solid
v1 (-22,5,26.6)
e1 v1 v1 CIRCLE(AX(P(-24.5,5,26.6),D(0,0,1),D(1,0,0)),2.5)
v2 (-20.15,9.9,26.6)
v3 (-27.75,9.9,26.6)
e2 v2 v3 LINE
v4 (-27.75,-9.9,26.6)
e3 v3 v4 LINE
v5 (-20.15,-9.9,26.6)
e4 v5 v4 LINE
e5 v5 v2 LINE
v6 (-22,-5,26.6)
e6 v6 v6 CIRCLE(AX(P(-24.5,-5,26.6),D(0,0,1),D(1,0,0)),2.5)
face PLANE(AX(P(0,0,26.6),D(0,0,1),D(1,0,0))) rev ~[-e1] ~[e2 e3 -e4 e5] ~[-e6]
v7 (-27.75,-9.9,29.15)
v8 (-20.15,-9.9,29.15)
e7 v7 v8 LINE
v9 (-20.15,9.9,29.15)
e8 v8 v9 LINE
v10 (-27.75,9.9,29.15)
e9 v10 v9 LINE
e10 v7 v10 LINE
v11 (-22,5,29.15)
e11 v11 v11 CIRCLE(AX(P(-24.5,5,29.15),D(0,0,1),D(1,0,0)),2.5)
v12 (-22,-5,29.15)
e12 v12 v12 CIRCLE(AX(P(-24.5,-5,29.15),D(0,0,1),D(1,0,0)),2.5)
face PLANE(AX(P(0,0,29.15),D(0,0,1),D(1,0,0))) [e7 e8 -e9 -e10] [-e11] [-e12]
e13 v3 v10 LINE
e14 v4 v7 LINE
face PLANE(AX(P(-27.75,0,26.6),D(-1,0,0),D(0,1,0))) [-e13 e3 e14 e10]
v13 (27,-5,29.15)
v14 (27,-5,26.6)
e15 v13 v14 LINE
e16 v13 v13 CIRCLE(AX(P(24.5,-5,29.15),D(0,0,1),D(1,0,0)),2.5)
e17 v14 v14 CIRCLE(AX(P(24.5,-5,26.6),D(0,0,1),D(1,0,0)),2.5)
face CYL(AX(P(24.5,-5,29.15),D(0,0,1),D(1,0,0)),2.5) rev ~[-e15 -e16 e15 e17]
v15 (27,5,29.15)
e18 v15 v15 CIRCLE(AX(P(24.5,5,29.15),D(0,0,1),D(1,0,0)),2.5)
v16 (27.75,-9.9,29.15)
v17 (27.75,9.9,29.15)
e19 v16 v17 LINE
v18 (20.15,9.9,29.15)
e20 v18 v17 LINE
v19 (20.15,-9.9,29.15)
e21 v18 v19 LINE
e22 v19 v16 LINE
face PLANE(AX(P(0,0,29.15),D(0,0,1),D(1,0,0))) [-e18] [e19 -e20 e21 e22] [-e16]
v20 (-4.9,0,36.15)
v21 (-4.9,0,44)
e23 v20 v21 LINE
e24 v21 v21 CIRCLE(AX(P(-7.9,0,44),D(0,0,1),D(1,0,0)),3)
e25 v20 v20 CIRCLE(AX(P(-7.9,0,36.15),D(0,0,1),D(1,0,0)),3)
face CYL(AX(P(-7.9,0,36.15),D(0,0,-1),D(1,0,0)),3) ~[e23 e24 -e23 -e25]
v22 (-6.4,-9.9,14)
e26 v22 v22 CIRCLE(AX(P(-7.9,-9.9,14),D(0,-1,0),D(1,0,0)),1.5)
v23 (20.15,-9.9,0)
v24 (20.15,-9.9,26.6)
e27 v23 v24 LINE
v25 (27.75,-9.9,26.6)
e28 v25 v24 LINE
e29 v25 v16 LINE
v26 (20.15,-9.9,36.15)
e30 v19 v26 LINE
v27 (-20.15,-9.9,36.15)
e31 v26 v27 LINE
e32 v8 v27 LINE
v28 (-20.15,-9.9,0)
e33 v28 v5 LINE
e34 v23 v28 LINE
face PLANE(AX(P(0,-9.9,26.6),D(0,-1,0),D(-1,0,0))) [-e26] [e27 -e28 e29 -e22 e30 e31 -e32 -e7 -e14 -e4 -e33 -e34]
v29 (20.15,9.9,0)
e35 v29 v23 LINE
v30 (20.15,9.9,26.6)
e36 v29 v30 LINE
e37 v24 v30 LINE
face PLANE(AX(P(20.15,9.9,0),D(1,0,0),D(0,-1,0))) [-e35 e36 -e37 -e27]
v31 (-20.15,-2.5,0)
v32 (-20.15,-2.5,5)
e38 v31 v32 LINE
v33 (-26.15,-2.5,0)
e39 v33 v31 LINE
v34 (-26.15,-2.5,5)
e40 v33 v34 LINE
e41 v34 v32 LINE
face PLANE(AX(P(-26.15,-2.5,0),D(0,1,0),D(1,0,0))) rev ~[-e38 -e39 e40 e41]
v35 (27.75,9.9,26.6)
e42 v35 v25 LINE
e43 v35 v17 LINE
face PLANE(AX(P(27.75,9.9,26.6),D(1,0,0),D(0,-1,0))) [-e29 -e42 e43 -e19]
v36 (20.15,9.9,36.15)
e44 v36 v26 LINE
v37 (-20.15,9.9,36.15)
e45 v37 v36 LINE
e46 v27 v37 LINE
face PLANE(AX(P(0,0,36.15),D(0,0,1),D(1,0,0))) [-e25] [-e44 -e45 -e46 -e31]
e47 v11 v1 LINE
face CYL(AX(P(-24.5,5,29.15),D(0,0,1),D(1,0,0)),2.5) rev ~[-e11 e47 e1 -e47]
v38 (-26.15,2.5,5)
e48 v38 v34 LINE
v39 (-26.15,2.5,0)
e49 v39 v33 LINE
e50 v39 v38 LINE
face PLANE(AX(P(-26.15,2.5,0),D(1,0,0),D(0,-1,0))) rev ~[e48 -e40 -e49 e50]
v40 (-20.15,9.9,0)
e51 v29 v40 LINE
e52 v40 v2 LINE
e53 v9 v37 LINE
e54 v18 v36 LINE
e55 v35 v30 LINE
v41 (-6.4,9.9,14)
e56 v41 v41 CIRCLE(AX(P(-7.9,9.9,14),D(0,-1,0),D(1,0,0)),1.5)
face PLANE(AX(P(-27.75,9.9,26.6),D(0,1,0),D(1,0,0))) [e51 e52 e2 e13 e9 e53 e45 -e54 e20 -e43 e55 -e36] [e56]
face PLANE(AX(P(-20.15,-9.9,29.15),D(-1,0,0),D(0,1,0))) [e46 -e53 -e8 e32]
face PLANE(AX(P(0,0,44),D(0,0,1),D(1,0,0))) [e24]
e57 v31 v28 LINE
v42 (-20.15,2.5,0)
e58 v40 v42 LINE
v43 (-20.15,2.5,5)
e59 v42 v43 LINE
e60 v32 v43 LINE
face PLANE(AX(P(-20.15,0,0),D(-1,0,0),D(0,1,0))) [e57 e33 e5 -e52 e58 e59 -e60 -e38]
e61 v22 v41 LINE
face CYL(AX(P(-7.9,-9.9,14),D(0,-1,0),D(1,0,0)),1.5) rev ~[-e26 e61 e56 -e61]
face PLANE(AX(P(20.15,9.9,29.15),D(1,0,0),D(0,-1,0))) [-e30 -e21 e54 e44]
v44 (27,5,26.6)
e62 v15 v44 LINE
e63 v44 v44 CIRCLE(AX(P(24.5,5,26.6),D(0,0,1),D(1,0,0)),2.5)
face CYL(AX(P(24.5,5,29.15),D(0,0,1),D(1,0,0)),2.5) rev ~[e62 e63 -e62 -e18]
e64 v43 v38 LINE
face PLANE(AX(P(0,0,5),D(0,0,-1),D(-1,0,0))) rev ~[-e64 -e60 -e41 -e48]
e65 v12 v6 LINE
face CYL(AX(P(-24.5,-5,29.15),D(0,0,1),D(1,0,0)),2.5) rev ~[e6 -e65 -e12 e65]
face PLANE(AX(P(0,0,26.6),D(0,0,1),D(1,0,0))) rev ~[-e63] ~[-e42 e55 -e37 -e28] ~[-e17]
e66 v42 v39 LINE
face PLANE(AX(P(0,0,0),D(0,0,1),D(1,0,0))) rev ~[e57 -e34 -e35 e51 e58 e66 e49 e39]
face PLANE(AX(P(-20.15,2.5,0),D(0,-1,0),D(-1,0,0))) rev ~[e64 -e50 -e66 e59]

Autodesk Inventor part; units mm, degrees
ref_plane "YZ Plane" through (0, 0, 0) normal (1, 0, 0) x (0, 1, 0)
ref_plane "XZ Plane" through (0, 0, 0) normal (0, 1, 0) x (-1, 0, 0)
ref_plane "XY Plane" through (0, 0, 0) normal (0, 0, 1) x (1, 0, 0)
sketch "Sketch1" plane through (0, 0, 0) normal (0, 0, 1) x (1, 0, 0)
  line L0 (-28.21, 0) -> (28.21, 0) projected
  line L1 (0, -13.86) -> (0, 13.86) projected
  line L2 (-20.15, 9.9) -> (20.15, 9.9)
  line L3 (20.15, 9.9) -> (20.15, -9.9)
  line L4 (20.15, -9.9) -> (-20.15, -9.9)
  line L5 (-20.15, -9.9) -> (-20.15, 9.9)
  point P0 (0, 0)
  dimension "d0" = 19.8
  dimension "d1" = 9.9
  dimension "d2" = 40.3
  dimension "d3" = 20.15
extrude "Extrusion1" add sketch "Sketch1" along normal blind 26.6
sketch "Sketch2" plane through (0, 0, 26.6) normal (0, 0, 1) x (1, 0, 0)
  line L0 (-27.75, 9.9) -> (27.75, 9.9)
  line L1 (27.75, 9.9) -> (27.75, -9.9)
  line L2 (27.75, -9.9) -> (-27.75, -9.9)
  line L3 (-27.75, -9.9) -> (-27.75, 9.9)
  line L4 (-38.85, 0) -> (38.85, 0) projected
  line L5 (0, -13.86) -> (0, 13.86) projected
  point P0 (0, 0)
  dimension "d6" = 55.5
  dimension "d7" = 19.8
  dimension "d8" = 27.75
  dimension "d9" = 9.9
extrude "Extrusion2" add sketch "Sketch2" along normal blind 2.55
sketch "Sketch3" plane through (0, 0, 29.15) normal (0, 0, 1) x (1, 0, 0)
  line L0 (-27.75, 9.9) -> (27.75, 9.9) projected
  circle A0 centre (-24.5, 5) radius 2.5
  circle A1 centre (-24.5, -5) radius 2.5
  circle A2 centre (24.5, 5) radius 2.5
  circle A3 centre (24.5, -5) radius 2.5
  point P0 (-27.75, -9.9)
  point P1 (0, 0)
  dimension "d12" = 5
  dimension "d13" = 5
  dimension "d14" = 5
  dimension "d15" = 5
  dimension "d16" = 10
  dimension "d17" = 10
  dimension "d18" = 4.9
  dimension "d19" = 19.8
  dimension "d20" = 4.9
  dimension "d21" = 49
  dimension "d22" = 24.5
extrude "Extrusion3" cut sketch "Sketch3" against normal blind 2.55
sketch "Sketch4" plane through (0, 0, 29.15) normal (0, 0, 1) x (1, 0, 0)
  line L0 (-27.75, 9.9) -> (27.75, 9.9) projected
  line L1 (27.75, -9.9) -> (-27.75, -9.9) projected
  line L2 (-20.15, -9.9) -> (-20.15, 9.9) projected
  line L3 (20.15, 9.9) -> (20.15, -9.9) projected
  point P0 (0, 0)
extrude "Extrusion4" add sketch "Sketch4" along normal blind 7
sketch "Sketch5" plane through (0, 0, 36.15) normal (0, 0, 1) x (1, 0, 0)
  circle A0 centre (-7.9, 0) radius 3
  line L0 (-27.75, -9.9) -> (-27.75, 9.9) projected
  point P0 (0, 0)
  dimension "d27" = 6
  dimension "d28" = 19.85
extrude "Extrusion5" add sketch "Sketch5" along normal blind 7.85
sketch "Sketch6" plane through (0, 0, 0) normal (0, 0, -1) x (-1, 0, 0)
  line L0 (20.15, -9.9) -> (20.15, 9.9) projected
  line L1 (20.15, 2.5) -> (26.15, 2.5)
  line L2 (26.15, 2.5) -> (26.15, -2.5)
  line L3 (26.15, -2.5) -> (20.15, -2.5)
  line L4 (20.15, -2.5) -> (20.15, 2.5)
  point P0 (0, 0)
  dimension "d31" = 6
  dimension "d32" = 2.5
  dimension "d33" = 5
extrude "Extrusion6" add sketch "Sketch6" against normal blind 5
sketch "Sketch7" plane through (-20.15, -9.9, 0) normal (0, -1, 0) x (1, 0, 0)
  line L0 (40.3, 0) -> (0, 0) projected
  line L1 (9.25, 44) -> (15.25, 44)
  line L2 (9.25, 36.15) -> (9.25, 44) projected
  line L3 (15.25, 36.15) -> (15.25, 44) projected
  circle A0 centre (12.25, 14) radius 1.5
  point P0 (20.15, 0)
  dimension "d36" = 3
  dimension "d37" = 30
extrude "Extrusion7" cut sketch "Sketch7" against normal through all
equation "\"d1\" = 0.5 * d0"
equation "\"d3\" = 0.5 * d2"
equation "\"d8\" = 0.5 * d6"
equation "\"d9\" = 0.5 * d7"
equation "\"d20\" = d18"
equation "\"d22\" = 0.5 * d21"
equation "\"d32\" = 0.5 * d33"
properties part number "ServoFutabaS3003_UpperArm"
